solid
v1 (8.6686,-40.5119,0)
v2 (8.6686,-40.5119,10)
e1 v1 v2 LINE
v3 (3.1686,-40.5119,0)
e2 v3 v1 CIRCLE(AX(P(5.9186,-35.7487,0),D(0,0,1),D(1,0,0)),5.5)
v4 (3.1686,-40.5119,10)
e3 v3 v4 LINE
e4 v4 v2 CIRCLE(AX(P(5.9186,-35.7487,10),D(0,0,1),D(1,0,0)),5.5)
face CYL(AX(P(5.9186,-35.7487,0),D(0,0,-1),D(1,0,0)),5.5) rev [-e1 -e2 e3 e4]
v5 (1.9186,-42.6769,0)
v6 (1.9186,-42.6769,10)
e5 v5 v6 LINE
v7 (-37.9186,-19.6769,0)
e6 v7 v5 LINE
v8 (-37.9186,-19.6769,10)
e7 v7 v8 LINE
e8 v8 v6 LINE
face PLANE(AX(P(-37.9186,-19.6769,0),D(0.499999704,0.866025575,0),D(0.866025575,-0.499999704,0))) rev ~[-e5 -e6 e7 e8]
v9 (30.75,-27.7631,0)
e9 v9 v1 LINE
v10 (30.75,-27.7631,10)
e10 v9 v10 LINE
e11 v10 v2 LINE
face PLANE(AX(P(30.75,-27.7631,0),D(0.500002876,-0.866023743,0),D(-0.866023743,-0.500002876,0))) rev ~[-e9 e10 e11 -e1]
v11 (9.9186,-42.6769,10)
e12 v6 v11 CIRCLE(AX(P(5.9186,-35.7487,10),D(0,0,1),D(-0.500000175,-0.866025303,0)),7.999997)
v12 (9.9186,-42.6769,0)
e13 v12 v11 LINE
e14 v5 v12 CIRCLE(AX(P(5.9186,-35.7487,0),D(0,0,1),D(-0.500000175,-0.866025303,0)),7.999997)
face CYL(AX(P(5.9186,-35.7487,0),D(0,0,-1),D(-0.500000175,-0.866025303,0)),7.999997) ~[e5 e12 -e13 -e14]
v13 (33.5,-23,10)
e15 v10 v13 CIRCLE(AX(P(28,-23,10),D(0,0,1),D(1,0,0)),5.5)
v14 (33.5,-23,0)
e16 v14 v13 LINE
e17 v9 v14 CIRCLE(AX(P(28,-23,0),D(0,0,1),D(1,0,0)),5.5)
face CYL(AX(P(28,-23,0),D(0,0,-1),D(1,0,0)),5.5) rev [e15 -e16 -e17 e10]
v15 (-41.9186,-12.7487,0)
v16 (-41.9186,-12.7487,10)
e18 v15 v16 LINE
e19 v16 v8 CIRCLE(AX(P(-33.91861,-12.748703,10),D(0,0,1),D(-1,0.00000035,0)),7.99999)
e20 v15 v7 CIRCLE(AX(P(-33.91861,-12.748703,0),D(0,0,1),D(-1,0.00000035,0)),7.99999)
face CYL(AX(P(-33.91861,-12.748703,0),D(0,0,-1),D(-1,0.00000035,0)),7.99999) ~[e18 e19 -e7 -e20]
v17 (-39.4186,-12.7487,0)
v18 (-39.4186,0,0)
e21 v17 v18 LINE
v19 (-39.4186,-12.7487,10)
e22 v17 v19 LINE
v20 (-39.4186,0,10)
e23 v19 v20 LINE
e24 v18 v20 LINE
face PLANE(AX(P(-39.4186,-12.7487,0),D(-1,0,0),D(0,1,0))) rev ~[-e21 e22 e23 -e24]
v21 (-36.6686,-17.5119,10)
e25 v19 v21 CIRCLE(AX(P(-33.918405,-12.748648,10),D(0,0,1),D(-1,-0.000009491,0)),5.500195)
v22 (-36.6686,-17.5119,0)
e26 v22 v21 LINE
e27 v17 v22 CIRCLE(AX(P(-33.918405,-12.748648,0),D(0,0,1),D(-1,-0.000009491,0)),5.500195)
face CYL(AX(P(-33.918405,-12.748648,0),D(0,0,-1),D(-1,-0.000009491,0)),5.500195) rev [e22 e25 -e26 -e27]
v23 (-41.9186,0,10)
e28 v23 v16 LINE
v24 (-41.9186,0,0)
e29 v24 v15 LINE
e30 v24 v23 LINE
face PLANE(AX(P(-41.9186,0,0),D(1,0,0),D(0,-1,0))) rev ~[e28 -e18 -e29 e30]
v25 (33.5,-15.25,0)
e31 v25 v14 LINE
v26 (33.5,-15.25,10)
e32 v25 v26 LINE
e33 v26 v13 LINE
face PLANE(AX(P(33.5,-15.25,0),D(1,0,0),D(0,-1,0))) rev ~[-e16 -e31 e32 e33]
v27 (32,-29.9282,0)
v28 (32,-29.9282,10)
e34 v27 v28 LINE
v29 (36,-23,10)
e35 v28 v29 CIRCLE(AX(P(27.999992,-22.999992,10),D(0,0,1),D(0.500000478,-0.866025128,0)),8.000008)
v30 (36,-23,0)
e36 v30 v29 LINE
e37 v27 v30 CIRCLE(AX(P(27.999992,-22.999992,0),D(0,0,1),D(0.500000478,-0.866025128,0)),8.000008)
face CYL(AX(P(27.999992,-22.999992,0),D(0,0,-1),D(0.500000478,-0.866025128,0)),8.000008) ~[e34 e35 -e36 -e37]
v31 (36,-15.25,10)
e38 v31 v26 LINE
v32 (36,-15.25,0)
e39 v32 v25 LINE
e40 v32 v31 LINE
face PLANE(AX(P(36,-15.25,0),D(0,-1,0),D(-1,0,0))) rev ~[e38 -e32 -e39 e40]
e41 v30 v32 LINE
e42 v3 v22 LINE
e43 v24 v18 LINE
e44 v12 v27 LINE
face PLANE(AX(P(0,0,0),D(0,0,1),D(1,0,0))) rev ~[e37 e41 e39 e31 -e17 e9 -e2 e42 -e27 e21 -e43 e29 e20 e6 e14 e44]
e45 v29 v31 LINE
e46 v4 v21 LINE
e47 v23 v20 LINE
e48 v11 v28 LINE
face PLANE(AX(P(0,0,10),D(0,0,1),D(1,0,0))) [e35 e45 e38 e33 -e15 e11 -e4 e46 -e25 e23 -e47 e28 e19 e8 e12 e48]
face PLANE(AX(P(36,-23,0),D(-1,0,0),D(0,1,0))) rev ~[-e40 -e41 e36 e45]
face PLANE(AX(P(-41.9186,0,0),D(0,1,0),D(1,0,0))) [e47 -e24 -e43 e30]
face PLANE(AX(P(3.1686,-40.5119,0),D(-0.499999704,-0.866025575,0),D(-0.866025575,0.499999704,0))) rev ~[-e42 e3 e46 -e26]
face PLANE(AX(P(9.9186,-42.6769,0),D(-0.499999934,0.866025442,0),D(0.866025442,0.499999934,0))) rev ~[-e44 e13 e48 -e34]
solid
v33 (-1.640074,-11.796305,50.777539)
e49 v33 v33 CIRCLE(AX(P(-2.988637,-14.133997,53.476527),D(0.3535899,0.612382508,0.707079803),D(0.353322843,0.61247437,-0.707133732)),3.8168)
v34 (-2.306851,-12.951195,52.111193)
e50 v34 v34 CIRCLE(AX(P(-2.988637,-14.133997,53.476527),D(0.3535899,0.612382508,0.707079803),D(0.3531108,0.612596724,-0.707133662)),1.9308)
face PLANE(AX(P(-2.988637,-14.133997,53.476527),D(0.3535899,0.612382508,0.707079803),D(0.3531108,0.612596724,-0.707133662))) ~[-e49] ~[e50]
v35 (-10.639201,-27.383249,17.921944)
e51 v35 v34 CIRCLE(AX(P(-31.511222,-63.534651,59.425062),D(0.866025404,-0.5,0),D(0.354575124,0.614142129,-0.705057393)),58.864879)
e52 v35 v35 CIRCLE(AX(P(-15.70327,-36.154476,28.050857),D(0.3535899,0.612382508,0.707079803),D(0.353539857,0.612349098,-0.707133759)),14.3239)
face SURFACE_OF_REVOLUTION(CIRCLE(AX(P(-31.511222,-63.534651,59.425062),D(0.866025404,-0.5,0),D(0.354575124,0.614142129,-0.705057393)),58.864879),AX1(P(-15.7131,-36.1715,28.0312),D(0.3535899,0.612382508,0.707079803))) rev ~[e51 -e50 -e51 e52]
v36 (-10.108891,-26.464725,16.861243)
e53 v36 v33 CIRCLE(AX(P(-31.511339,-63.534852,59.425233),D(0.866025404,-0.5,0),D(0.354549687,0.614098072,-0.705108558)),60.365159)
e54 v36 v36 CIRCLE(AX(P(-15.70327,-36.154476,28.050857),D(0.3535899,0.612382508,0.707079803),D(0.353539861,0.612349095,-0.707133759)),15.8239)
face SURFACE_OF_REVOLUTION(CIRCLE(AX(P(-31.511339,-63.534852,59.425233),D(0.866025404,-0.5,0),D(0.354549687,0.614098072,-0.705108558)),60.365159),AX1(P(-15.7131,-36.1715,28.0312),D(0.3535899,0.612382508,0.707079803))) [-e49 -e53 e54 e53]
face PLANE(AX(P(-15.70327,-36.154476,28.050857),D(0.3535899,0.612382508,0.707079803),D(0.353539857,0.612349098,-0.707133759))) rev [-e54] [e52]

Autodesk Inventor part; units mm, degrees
ref_plane "YZ Plane" through (0, 0, 0) normal (1, 0, 0) x (0, 1, 0)
sketch "Sketch1" plane through (0, 0, 0) normal (0, 0, 1) x (1, 0, 0)
  circle A0 centre (-21.75, -3) radius 1 projected
  circle A1 centre (-14.9186, 14) radius 1.5 projected
  circle A2 centre (-14.9186, -14) radius 1.5 projected
  circle A3 centre (21, 8.5) radius 1.5 projected
  circle A4 centre (9, 0) radius 1.5 projected
  circle A5 centre (21, -8.5) radius 1.5 projected
  circle A6 centre (12, -9) radius 6 projected
  circle A7 centre (12, 9) radius 6 projected
  circle A8 centre (5.9186, 35.7487) radius 2 projected
  circle A9 centre (-33.9186, 12.7487) radius 2 projected
  circle A10 centre (-33.9186, -12.7487) radius 2 projected
  circle A11 centre (5.9186, -35.7487) radius 2 projected
  circle A12 centre (28, -23) radius 2 projected
  circle A13 centre (28, 23) radius 2 projected
  line L0 (27, -14.75) -> (7, -14.75) projected
  line L1 (7, 14.75) -> (27, 14.75) projected
  circle A14 centre (28, -23) radius 5
  circle A15 centre (5.9186, -35.7487) radius 5
  circle A16 centre (28, 23) radius 5
  circle A17 centre (5.9186, 35.7487) radius 5
  line L2 (-41.9186, 0) -> (-41.9186, -12.7487)
  arc A18 (-41.9186, -12.7487) -> (-37.9186, -19.6769) centre (-33.9186, -12.7487) ccw
  line L3 (-37.9186, -19.6769) -> (1.9186, -42.6769)
  arc A19 (1.9186, -42.6769) -> (9.9186, -42.6769) centre (5.9186, -35.7487) ccw
  line L4 (9.9186, -42.6769) -> (32, -29.9282)
  arc A20 (32, -29.9282) -> (36, -23) centre (28, -23) ccw
  circle A21 centre (28, -23) radius 5.5
  circle A22 centre (5.9186, -35.7487) radius 5.5
  arc A23 (30.75, -27.7631) -> (33.5, -23) centre (28, -23) ccw
  line L5 (30.75, -27.7631) -> (8.6686, -40.5119)
  arc A24 (3.1686, -40.5119) -> (8.6686, -40.5119) centre (5.9186, -35.7487) ccw
  line L6 (3.1686, -40.5119) -> (-36.6686, -17.5119)
  arc A25 (-39.4186, -12.7487) -> (-36.6686, -17.5119) centre (-33.9186, -12.7487) ccw
  line L7 (-39.4186, -12.7487) -> (-39.4186, 0)
  line L8 (36, -15.25) -> (7, -15.25)
  line L9 (33.5, -15.25) -> (33.5, -23)
  line L10 (36, -23) -> (36, -15.25)
  line L11 (-57.1316, 0) -> (50.3748, 0) construction
  line L12 (-41.9186, 0) -> (-39.4186, 0)
  line L13 (36, -23) -> (36, 23) projected
  arc A26 (36, 23) -> (32, 29.9282) centre (28, 23) ccw projected
  line L14 (32, 29.9282) -> (9.9186, 42.6769) projected
  arc A27 (9.9186, 42.6769) -> (1.9186, 42.6769) centre (5.9186, 35.7487) ccw projected
  line L15 (1.9186, 42.6769) -> (-37.9186, 19.6769) projected
  arc A28 (-37.9186, 19.6769) -> (-41.9186, 12.7487) centre (-33.9186, 12.7487) ccw projected
  line L16 (-41.9186, 12.7487) -> (-41.9186, -12.7487) projected
  arc A29 (-41.9186, -12.7487) -> (-37.9186, -19.6769) centre (-33.9186, -12.7487) ccw projected
  line L17 (-37.9186, -19.6769) -> (1.9186, -42.6769) projected
  arc A30 (1.9186, -42.6769) -> (9.9186, -42.6769) centre (5.9186, -35.7487) ccw projected
  line L18 (9.9186, -42.6769) -> (32, -29.9282) projected
  arc A31 (32, -29.9282) -> (36, -23) centre (28, -23) ccw projected
  circle A32 centre (-33.4186, -0.7261) radius 1.5 projected
  circle A33 centre (16.0805, 29.3044) radius 1.5 projected
  circle A34 centre (17.3381, -28.5783) radius 1.5 projected
  circle A35 centre (-13.1686, 3) radius 1 projected
  point P0 (0, 0)
  point P1 (-12.8721, -34.1375)
  point P2 (-12.8721, -31.2507)
  dimension "d3" = 0.5
  dimension "d4" = 0.5
  dimension "d7" = 0.5
extrude "Extrusion1" add sketch "Sketch1" along normal blind 10 contours L12 L7 A25 L6 A22 L5 A21 L9 L8 L10 A20 L4 A19 L3 A18 L2
ref_plane "Work Plane1" through (-15.7131, -36.1715, 28.0312) normal (0.3536, 0.6124, 0.7071) x (0.866, -0.5, 0)
sketch "Sketch3" plane through (-15.7131, -36.1715, 28.0312) normal (0.3536, 0.6124, 0.7071) x (0.866, -0.5, 0)
  line L0 (-12.5, 15) -> (12.5, 15) projected
  arc A0 (-12.5, 15) -> (-15, 12.5) centre (-12.5, 12.5) ccw projected
  line L1 (-15, 12.5) -> (-15, -12.5) projected
  arc A1 (-15, -12.5) -> (-12.5, -15) centre (-12.5, -12.5) ccw projected
  line L2 (-12.5, -15) -> (12.5, -15) projected
  arc A2 (12.5, -15) -> (15, -12.5) centre (12.5, -12.5) ccw projected
  line L3 (15, 12.5) -> (15, -12.5) projected
  arc A3 (15, 12.5) -> (12.5, 15) centre (12.5, 12.5) ccw projected
  circle A4 centre (0, 0) radius 14.375 projected
  circle A5 centre (-12, -12) radius 1.75 projected
  circle A6 centre (-12, 12) radius 1.75 projected
  circle A7 centre (12, -12) radius 1.75 projected
  circle A8 centre (12, 12) radius 1.75 projected
  line L4 (0, 22.779) -> (0, -22.2099)
  point P0 (-4.4778, 47.5269)
ref_plane "Work Plane2" through (-15.7131, -36.1715, 28.0312) normal (0.866, -0.5, 0) x (0.3536, 0.6124, 0.7071)
ref_plane "Work Plane3" through (10.25, -12.0311, 55) normal (0, 0, 1) x (1, 0, 0)
sketch "Sketch5" plane through (-15.7131, -36.1715, 28.0312) normal (0.866, -0.5, 0) x (0.3536, 0.6124, 0.7071)
  line L0 (0.0278, -14.3239) -> (0.0278, -13.5559)
  line L1 (-72.0235, 0) -> (108.8939, 0) projected
  arc A0 (0.0278, -14.3239) -> (35.9865, -1.9308) centre (-0.1447, 44.5401) ccw
  arc A1 (0.0278, -15.8239) -> (35.9865, -3.8168) centre (-0.1447, 44.5401) ccw
  line L2 (35.9865, -1.9308) -> (35.9865, -3.8168)
  line L3 (0.0278, -14.3239) -> (0.0278, -15.8239)
  point P0 (7.8848, -47.5269)
  dimension "d13" = 1.5
revolve "Revolution2" add sketch "Sketch5" angle 360 about axis through (-15.7131, -36.1715, 28.0312) along (0.3536, 0.6124, 0.7071)
sketch "Sketch7" plane through (0, 0, 0) normal (0, 0, -1) x (-1, 0, 0)
  ellipse E0 centre (15.7131, -36.1715) end of major axis (28.1622, -28.984) minor radius 10.1647 (23.1946, -25.2911) -> (2.5497, -37.2104) ccw
  line L0 (-1.6967, -36.0168) -> (-0.1183, -38.7507)
  line L1 (10.1911, -51.6071) -> (31.8417, -39.1071) projected
  line L2 (25.8625, -23.7507) -> (24.2841, -21.0168)
  line L3 (-3.1686, -40.5119) -> (25.8625, -23.7507)
  line L4 (-3.951, -27.1122) -> (17.6996, -14.6122)
  ellipse E1 centre (18.5835, -16.1431) end of major axis (16.4184, -17.3931) minor radius 1.7678 (20.7485, -14.8931) -> (17.6996, -14.6122) ccw
  ellipse E2 centre (-3.0672, -28.6431) end of major axis (-0.9021, -27.3931) minor radius 1.7678 (-3.951, -27.1122) -> (-5.2322, -29.8931) ccw
  line L5 (24.2841, -21.0168) -> (20.7485, -14.8931) projected
  line L6 (24.2841, -21.0168) -> (20.7485, -14.8931)
  line L7 (20.7485, -14.8931) -> (29.5874, -30.2024) projected
  ellipse E3 centre (-3.0672, -28.6431) end of major axis (-0.9021, -27.3931) minor radius 1.7678 (-3.951, -27.1122) -> (-5.2322, -29.8931) ccw projected
  line L8 (-1.6967, -36.0168) -> (-5.2322, -29.8931)
  point P0 (0, 0)
sketch "Sketch8" plane through (-15.7131, -36.1715, 28.0312) normal (-0.3536, -0.6124, -0.7071) x (-0.866, 0.5, 0)
  line L0 (15, 5.0396) -> (15, -5.0396) projected
  arc A0 (15, -5.0396) -> (15, 5.0396) centre (0, 0) ccw projected
  arc A1 (-15, 5.0396) -> (-15, -5.0396) centre (0, 0) ccw projected
  line L1 (-15, 12.5) -> (-15, -12.5) projected
  circle A2 centre (-12, -12) radius 1.75 projected
  arc A3 (-12.0548, -10.2509) -> (-10.2509, -12.0548) centre (0, 0) ccw projected
  arc A4 (-5.0396, -15) -> (5.0396, -15) centre (0, 0) ccw projected
  line L2 (-12.5, -15) -> (12.5, -15) projected
  circle A5 centre (12, -12) radius 1.75 projected
  arc A6 (10.2509, -12.0548) -> (12.0548, -10.2509) centre (0, 0) ccw projected
  circle A7 centre (12, 12) radius 1.75 projected
  arc A8 (12.0548, 10.2509) -> (10.2509, 12.0548) centre (0, 0) ccw projected
  arc A9 (-10.2509, 12.0548) -> (-12.0548, 10.2509) centre (0, 0) ccw projected
  circle A10 centre (-12, 12) radius 1.75 projected
  point P0 (4.4778, 47.5269)
sketch "Sketch9" plane through (-15.7131, -36.1715, 28.0312) normal (-0.3536, -0.6124, -0.7071) x (-0.866, 0.5, 0)
  arc A0 (15, 12.5) -> (12.5, 15) centre (12.5, 12.5) ccw
  arc A1 (-12.5, 15) -> (-15, 12.5) centre (-12.5, 12.5) ccw
  line L0 (-15, 15) -> (-15, 12.5)
  line L1 (15, 12.5) -> (15, 15)
  line L2 (12.5, 15) -> (-12.5, 15) projected
  line L3 (-12.5, 15) -> (-15, 15)
  line L4 (12.5, 15) -> (15, 15)
  point P0 (4.4778, 47.5269)
  point P1 (-1.4434, 15)
sketch "Sketch10" plane through (0, 0, 0) normal (0, 0, -1) x (-1, 0, 0)
  ellipse E0 centre (18.5835, -16.1431) end of major axis (20.7485, -14.8931) minor radius 1.7678 (20.7485, -14.8931) -> (17.6996, -14.6122) ccw projected
  line L0 (20.7485, -14.8931) -> (19.8647, -13.3622) projected
  line L1 (17.6996, -14.6122) -> (19.8647, -13.3622) projected
  ellipse E1 centre (-3.0672, -28.6431) end of major axis (-5.2322, -29.8931) minor radius 1.7678 (-3.951, -27.1122) -> (-5.2322, -29.8931) ccw projected
  line L2 (-6.1161, -28.3622) -> (-3.951, -27.1122) projected
  line L3 (-5.2322, -29.8931) -> (-6.1161, -28.3622) projected
  point P0 (0, 0)
sketch "Sketch11" plane through (0, 0, 10) normal (0, 0, 1) x (1, 0, 0)
  line L0 (-1.1317, -40.9158) -> (1.9186, -42.6769)
  arc A0 (1.9186, -42.6769) -> (9.9186, -42.6769) centre (5.9186, -35.7487) ccw
  line L1 (9.9186, -42.6769) -> (32, -29.9282) projected
  arc A1 (32, -29.9282) -> (36, -23) centre (28, -23) ccw projected
  line L2 (36, -23) -> (36, -15.25) projected
  line L3 (36, -15.25) -> (33.5, -15.25) projected
  line L4 (33.5, -15.25) -> (33.5, -23) projected
  line L5 (30.75, -27.7631) -> (8.6686, -40.5119) projected
  line L6 (3.1686, -40.5119) -> (0.1183, -38.7507)
  line L7 (-1.1317, -40.9158) -> (0.1183, -38.7507)
  arc A2 (3.1686, -40.5119) -> (8.6686, -40.5119) centre (5.9186, -35.7487) ccw projected
  arc A3 (30.75, -27.7631) -> (33.5, -23) centre (28, -23) ccw projected
  point P0 (0, 0)
sketch "Sketch12" plane through (0.1183, -38.7507, 36.4914) normal (-0.866, 0.5, 0) x (0, 0, 1)
  line L0 (-36.4914, 2.75) -> (-36.4914, 0) projected
  line L1 (-36.4914, 0) -> (18.5086, 0)
  line L2 (-36.4914, 2.75) -> (-2.75, 2.75)
  line L3 (2.5, -2.5) -> (0, 0)
  line L4 (2.5, -2.5) -> (18.5086, -2.5)
  line L5 (18.5086, 0) -> (18.5086, -2.5)
  line L6 (0, 0) -> (18.5086, 0) projected
  point P0 (-36.4914, 33.5)
sketch "Sketch14" plane through (-24.7455, -27.2824, 38.9914) normal (-0.5, -0.866, 0) x (0.866, -0.5, 0)
  line L0 (24.5337, 0) -> (0, 0) projected
  point P0 (7.7891, -38.9914)
sketch "Sketch16" plane through (0, 0, 10) normal (0, 0, 1) x (1, 0, 0)
  line L0 (-1.1317, -40.9158) -> (0.1183, -38.7507) projected
  line L1 (0.1183, -38.7507) -> (-25.8625, -23.7507) projected
  line L2 (-25.8625, -23.7507) -> (-36.6686, -17.5119) projected
  arc A0 (-39.4186, -12.7487) -> (-36.6686, -17.5119) centre (-33.9186, -12.7487) ccw projected
  line L3 (-39.4186, -12.7487) -> (-39.4186, 0) projected
  line L4 (-39.4186, 0) -> (-41.9186, 0) projected
  line L5 (-41.9186, 0) -> (-41.9186, -12.7487) projected
  arc A1 (-41.9186, -12.7487) -> (-37.9186, -19.6769) centre (-33.9186, -12.7487) ccw projected
  line L6 (-37.9186, -19.6769) -> (-1.1317, -40.9158) projected
  line L7 (-25.8625, -23.7507) -> (-27.1125, -25.9158) projected
  point P0 (0, 0)
sketch "Sketch17" plane through (33.5, -15.25, 0) normal (0, 1, 0) x (1, 0, 0)
  line L0 (0, 0) -> (2.5, 0) projected
  line L1 (0, -30) -> (0, -55)
  line L2 (2.5, -55) -> (0, -55) projected
  line L3 (2.5, -30) -> (2.5, -55)
  line L4 (0, -30) -> (2.5, -30)
  point P0 (-33.5, 0)
  dimension "d41" = 25
sketch "Sketch18" plane through (0, 0, 0) normal (0, 0, -1) x (-1, 0, 0)
  circle A0 centre (-5.9186, 35.7487) radius 5 projected
  circle A1 centre (-5.9186, -35.7487) radius 5.5 projected
  point P0 (0, 0)
sketch "Sketch19" plane through (0, 0, 0) normal (0, 0, -1) x (-1, 0, 0)
  arc A0 (-19.9776, 27.0544) -> (-12.1834, 31.5544) centre (-16.0805, 29.3044) ccw
  line L0 (-22.9776, 32.2505) -> (-15.1834, 36.7505)
  line L1 (-19.9776, 27.0544) -> (-22.9776, 32.2505)
  line L2 (-12.1834, 31.5544) -> (-15.1834, 36.7505)
  circle A1 centre (-16.0805, 29.3044) radius 1.5
  line L3 (-21.2352, -26.3283) -> (-24.2352, -31.5245)
  line L4 (-16.441, -36.0245) -> (-24.2352, -31.5245)
  line L5 (-13.441, -30.8283) -> (-16.441, -36.0245)
  arc A2 (-13.441, -30.8283) -> (-21.2352, -26.3283) centre (-17.3381, -28.5783) ccw
  circle A3 centre (-17.3381, -28.5783) radius 1.5
  line L6 (33.4186, -5.2261) -> (39.4186, -5.2261)
  line L7 (39.4186, 3.7739) -> (39.4186, -5.2261)
  line L8 (33.4186, 3.7739) -> (39.4186, 3.7739)
  arc A4 (33.4186, 3.7739) -> (33.4186, -5.2261) centre (33.4186, -0.7261) ccw
  circle A5 centre (33.4186, -0.7261) radius 1.5
  point P0 (0, 0)
  dimension "d46" = 9
  dimension "d47" = 6
  dimension "d48" = 3
  dimension "d51" = 360
sketch "Sketch21" plane through (-27.1125, -25.9158, 24.8492) normal (0.866, -0.5, 0) x (0, 0, -1)
  line L0 (0, 0) -> (2.5, 2.5) projected
  line L1 (14.8492, 0) -> (0, 0)
  line L2 (14.8492, 2.5) -> (14.8492, 0)
  line L3 (14.8492, 2.5) -> (12.3492, 2.5)
  line L4 (12.3492, 2.5) -> (2.5, 2.5)
  line L5 (7.4246, 7.4246) -> (14.8492, 0)
  point P0 (24.8492, 36)
sketch "Sketch23" plane through (0, 0, 55) normal (0, 0, 1) x (1, 0, 0)
  arc A0 (-39.8989, -18.0625) -> (-37.9186, -19.6769) centre (-33.9186, -12.7487) ccw projected
  line L0 (1.9186, -42.6769) -> (-40.1029, -18.4158) projected
  line L1 (-40.1029, -18.4158) -> (-39.8989, -18.0625) projected
  line L2 (1.9186, 42.6769) -> (-40.1029, 18.4158) projected
  line L3 (-40.1029, 18.4158) -> (-39.8989, 18.0625) projected
  arc A1 (-37.9186, 19.6769) -> (-39.8989, 18.0625) centre (-33.9186, 12.7487) ccw projected
  point P0 (0, 0)
properties part number "nozle mask front"
